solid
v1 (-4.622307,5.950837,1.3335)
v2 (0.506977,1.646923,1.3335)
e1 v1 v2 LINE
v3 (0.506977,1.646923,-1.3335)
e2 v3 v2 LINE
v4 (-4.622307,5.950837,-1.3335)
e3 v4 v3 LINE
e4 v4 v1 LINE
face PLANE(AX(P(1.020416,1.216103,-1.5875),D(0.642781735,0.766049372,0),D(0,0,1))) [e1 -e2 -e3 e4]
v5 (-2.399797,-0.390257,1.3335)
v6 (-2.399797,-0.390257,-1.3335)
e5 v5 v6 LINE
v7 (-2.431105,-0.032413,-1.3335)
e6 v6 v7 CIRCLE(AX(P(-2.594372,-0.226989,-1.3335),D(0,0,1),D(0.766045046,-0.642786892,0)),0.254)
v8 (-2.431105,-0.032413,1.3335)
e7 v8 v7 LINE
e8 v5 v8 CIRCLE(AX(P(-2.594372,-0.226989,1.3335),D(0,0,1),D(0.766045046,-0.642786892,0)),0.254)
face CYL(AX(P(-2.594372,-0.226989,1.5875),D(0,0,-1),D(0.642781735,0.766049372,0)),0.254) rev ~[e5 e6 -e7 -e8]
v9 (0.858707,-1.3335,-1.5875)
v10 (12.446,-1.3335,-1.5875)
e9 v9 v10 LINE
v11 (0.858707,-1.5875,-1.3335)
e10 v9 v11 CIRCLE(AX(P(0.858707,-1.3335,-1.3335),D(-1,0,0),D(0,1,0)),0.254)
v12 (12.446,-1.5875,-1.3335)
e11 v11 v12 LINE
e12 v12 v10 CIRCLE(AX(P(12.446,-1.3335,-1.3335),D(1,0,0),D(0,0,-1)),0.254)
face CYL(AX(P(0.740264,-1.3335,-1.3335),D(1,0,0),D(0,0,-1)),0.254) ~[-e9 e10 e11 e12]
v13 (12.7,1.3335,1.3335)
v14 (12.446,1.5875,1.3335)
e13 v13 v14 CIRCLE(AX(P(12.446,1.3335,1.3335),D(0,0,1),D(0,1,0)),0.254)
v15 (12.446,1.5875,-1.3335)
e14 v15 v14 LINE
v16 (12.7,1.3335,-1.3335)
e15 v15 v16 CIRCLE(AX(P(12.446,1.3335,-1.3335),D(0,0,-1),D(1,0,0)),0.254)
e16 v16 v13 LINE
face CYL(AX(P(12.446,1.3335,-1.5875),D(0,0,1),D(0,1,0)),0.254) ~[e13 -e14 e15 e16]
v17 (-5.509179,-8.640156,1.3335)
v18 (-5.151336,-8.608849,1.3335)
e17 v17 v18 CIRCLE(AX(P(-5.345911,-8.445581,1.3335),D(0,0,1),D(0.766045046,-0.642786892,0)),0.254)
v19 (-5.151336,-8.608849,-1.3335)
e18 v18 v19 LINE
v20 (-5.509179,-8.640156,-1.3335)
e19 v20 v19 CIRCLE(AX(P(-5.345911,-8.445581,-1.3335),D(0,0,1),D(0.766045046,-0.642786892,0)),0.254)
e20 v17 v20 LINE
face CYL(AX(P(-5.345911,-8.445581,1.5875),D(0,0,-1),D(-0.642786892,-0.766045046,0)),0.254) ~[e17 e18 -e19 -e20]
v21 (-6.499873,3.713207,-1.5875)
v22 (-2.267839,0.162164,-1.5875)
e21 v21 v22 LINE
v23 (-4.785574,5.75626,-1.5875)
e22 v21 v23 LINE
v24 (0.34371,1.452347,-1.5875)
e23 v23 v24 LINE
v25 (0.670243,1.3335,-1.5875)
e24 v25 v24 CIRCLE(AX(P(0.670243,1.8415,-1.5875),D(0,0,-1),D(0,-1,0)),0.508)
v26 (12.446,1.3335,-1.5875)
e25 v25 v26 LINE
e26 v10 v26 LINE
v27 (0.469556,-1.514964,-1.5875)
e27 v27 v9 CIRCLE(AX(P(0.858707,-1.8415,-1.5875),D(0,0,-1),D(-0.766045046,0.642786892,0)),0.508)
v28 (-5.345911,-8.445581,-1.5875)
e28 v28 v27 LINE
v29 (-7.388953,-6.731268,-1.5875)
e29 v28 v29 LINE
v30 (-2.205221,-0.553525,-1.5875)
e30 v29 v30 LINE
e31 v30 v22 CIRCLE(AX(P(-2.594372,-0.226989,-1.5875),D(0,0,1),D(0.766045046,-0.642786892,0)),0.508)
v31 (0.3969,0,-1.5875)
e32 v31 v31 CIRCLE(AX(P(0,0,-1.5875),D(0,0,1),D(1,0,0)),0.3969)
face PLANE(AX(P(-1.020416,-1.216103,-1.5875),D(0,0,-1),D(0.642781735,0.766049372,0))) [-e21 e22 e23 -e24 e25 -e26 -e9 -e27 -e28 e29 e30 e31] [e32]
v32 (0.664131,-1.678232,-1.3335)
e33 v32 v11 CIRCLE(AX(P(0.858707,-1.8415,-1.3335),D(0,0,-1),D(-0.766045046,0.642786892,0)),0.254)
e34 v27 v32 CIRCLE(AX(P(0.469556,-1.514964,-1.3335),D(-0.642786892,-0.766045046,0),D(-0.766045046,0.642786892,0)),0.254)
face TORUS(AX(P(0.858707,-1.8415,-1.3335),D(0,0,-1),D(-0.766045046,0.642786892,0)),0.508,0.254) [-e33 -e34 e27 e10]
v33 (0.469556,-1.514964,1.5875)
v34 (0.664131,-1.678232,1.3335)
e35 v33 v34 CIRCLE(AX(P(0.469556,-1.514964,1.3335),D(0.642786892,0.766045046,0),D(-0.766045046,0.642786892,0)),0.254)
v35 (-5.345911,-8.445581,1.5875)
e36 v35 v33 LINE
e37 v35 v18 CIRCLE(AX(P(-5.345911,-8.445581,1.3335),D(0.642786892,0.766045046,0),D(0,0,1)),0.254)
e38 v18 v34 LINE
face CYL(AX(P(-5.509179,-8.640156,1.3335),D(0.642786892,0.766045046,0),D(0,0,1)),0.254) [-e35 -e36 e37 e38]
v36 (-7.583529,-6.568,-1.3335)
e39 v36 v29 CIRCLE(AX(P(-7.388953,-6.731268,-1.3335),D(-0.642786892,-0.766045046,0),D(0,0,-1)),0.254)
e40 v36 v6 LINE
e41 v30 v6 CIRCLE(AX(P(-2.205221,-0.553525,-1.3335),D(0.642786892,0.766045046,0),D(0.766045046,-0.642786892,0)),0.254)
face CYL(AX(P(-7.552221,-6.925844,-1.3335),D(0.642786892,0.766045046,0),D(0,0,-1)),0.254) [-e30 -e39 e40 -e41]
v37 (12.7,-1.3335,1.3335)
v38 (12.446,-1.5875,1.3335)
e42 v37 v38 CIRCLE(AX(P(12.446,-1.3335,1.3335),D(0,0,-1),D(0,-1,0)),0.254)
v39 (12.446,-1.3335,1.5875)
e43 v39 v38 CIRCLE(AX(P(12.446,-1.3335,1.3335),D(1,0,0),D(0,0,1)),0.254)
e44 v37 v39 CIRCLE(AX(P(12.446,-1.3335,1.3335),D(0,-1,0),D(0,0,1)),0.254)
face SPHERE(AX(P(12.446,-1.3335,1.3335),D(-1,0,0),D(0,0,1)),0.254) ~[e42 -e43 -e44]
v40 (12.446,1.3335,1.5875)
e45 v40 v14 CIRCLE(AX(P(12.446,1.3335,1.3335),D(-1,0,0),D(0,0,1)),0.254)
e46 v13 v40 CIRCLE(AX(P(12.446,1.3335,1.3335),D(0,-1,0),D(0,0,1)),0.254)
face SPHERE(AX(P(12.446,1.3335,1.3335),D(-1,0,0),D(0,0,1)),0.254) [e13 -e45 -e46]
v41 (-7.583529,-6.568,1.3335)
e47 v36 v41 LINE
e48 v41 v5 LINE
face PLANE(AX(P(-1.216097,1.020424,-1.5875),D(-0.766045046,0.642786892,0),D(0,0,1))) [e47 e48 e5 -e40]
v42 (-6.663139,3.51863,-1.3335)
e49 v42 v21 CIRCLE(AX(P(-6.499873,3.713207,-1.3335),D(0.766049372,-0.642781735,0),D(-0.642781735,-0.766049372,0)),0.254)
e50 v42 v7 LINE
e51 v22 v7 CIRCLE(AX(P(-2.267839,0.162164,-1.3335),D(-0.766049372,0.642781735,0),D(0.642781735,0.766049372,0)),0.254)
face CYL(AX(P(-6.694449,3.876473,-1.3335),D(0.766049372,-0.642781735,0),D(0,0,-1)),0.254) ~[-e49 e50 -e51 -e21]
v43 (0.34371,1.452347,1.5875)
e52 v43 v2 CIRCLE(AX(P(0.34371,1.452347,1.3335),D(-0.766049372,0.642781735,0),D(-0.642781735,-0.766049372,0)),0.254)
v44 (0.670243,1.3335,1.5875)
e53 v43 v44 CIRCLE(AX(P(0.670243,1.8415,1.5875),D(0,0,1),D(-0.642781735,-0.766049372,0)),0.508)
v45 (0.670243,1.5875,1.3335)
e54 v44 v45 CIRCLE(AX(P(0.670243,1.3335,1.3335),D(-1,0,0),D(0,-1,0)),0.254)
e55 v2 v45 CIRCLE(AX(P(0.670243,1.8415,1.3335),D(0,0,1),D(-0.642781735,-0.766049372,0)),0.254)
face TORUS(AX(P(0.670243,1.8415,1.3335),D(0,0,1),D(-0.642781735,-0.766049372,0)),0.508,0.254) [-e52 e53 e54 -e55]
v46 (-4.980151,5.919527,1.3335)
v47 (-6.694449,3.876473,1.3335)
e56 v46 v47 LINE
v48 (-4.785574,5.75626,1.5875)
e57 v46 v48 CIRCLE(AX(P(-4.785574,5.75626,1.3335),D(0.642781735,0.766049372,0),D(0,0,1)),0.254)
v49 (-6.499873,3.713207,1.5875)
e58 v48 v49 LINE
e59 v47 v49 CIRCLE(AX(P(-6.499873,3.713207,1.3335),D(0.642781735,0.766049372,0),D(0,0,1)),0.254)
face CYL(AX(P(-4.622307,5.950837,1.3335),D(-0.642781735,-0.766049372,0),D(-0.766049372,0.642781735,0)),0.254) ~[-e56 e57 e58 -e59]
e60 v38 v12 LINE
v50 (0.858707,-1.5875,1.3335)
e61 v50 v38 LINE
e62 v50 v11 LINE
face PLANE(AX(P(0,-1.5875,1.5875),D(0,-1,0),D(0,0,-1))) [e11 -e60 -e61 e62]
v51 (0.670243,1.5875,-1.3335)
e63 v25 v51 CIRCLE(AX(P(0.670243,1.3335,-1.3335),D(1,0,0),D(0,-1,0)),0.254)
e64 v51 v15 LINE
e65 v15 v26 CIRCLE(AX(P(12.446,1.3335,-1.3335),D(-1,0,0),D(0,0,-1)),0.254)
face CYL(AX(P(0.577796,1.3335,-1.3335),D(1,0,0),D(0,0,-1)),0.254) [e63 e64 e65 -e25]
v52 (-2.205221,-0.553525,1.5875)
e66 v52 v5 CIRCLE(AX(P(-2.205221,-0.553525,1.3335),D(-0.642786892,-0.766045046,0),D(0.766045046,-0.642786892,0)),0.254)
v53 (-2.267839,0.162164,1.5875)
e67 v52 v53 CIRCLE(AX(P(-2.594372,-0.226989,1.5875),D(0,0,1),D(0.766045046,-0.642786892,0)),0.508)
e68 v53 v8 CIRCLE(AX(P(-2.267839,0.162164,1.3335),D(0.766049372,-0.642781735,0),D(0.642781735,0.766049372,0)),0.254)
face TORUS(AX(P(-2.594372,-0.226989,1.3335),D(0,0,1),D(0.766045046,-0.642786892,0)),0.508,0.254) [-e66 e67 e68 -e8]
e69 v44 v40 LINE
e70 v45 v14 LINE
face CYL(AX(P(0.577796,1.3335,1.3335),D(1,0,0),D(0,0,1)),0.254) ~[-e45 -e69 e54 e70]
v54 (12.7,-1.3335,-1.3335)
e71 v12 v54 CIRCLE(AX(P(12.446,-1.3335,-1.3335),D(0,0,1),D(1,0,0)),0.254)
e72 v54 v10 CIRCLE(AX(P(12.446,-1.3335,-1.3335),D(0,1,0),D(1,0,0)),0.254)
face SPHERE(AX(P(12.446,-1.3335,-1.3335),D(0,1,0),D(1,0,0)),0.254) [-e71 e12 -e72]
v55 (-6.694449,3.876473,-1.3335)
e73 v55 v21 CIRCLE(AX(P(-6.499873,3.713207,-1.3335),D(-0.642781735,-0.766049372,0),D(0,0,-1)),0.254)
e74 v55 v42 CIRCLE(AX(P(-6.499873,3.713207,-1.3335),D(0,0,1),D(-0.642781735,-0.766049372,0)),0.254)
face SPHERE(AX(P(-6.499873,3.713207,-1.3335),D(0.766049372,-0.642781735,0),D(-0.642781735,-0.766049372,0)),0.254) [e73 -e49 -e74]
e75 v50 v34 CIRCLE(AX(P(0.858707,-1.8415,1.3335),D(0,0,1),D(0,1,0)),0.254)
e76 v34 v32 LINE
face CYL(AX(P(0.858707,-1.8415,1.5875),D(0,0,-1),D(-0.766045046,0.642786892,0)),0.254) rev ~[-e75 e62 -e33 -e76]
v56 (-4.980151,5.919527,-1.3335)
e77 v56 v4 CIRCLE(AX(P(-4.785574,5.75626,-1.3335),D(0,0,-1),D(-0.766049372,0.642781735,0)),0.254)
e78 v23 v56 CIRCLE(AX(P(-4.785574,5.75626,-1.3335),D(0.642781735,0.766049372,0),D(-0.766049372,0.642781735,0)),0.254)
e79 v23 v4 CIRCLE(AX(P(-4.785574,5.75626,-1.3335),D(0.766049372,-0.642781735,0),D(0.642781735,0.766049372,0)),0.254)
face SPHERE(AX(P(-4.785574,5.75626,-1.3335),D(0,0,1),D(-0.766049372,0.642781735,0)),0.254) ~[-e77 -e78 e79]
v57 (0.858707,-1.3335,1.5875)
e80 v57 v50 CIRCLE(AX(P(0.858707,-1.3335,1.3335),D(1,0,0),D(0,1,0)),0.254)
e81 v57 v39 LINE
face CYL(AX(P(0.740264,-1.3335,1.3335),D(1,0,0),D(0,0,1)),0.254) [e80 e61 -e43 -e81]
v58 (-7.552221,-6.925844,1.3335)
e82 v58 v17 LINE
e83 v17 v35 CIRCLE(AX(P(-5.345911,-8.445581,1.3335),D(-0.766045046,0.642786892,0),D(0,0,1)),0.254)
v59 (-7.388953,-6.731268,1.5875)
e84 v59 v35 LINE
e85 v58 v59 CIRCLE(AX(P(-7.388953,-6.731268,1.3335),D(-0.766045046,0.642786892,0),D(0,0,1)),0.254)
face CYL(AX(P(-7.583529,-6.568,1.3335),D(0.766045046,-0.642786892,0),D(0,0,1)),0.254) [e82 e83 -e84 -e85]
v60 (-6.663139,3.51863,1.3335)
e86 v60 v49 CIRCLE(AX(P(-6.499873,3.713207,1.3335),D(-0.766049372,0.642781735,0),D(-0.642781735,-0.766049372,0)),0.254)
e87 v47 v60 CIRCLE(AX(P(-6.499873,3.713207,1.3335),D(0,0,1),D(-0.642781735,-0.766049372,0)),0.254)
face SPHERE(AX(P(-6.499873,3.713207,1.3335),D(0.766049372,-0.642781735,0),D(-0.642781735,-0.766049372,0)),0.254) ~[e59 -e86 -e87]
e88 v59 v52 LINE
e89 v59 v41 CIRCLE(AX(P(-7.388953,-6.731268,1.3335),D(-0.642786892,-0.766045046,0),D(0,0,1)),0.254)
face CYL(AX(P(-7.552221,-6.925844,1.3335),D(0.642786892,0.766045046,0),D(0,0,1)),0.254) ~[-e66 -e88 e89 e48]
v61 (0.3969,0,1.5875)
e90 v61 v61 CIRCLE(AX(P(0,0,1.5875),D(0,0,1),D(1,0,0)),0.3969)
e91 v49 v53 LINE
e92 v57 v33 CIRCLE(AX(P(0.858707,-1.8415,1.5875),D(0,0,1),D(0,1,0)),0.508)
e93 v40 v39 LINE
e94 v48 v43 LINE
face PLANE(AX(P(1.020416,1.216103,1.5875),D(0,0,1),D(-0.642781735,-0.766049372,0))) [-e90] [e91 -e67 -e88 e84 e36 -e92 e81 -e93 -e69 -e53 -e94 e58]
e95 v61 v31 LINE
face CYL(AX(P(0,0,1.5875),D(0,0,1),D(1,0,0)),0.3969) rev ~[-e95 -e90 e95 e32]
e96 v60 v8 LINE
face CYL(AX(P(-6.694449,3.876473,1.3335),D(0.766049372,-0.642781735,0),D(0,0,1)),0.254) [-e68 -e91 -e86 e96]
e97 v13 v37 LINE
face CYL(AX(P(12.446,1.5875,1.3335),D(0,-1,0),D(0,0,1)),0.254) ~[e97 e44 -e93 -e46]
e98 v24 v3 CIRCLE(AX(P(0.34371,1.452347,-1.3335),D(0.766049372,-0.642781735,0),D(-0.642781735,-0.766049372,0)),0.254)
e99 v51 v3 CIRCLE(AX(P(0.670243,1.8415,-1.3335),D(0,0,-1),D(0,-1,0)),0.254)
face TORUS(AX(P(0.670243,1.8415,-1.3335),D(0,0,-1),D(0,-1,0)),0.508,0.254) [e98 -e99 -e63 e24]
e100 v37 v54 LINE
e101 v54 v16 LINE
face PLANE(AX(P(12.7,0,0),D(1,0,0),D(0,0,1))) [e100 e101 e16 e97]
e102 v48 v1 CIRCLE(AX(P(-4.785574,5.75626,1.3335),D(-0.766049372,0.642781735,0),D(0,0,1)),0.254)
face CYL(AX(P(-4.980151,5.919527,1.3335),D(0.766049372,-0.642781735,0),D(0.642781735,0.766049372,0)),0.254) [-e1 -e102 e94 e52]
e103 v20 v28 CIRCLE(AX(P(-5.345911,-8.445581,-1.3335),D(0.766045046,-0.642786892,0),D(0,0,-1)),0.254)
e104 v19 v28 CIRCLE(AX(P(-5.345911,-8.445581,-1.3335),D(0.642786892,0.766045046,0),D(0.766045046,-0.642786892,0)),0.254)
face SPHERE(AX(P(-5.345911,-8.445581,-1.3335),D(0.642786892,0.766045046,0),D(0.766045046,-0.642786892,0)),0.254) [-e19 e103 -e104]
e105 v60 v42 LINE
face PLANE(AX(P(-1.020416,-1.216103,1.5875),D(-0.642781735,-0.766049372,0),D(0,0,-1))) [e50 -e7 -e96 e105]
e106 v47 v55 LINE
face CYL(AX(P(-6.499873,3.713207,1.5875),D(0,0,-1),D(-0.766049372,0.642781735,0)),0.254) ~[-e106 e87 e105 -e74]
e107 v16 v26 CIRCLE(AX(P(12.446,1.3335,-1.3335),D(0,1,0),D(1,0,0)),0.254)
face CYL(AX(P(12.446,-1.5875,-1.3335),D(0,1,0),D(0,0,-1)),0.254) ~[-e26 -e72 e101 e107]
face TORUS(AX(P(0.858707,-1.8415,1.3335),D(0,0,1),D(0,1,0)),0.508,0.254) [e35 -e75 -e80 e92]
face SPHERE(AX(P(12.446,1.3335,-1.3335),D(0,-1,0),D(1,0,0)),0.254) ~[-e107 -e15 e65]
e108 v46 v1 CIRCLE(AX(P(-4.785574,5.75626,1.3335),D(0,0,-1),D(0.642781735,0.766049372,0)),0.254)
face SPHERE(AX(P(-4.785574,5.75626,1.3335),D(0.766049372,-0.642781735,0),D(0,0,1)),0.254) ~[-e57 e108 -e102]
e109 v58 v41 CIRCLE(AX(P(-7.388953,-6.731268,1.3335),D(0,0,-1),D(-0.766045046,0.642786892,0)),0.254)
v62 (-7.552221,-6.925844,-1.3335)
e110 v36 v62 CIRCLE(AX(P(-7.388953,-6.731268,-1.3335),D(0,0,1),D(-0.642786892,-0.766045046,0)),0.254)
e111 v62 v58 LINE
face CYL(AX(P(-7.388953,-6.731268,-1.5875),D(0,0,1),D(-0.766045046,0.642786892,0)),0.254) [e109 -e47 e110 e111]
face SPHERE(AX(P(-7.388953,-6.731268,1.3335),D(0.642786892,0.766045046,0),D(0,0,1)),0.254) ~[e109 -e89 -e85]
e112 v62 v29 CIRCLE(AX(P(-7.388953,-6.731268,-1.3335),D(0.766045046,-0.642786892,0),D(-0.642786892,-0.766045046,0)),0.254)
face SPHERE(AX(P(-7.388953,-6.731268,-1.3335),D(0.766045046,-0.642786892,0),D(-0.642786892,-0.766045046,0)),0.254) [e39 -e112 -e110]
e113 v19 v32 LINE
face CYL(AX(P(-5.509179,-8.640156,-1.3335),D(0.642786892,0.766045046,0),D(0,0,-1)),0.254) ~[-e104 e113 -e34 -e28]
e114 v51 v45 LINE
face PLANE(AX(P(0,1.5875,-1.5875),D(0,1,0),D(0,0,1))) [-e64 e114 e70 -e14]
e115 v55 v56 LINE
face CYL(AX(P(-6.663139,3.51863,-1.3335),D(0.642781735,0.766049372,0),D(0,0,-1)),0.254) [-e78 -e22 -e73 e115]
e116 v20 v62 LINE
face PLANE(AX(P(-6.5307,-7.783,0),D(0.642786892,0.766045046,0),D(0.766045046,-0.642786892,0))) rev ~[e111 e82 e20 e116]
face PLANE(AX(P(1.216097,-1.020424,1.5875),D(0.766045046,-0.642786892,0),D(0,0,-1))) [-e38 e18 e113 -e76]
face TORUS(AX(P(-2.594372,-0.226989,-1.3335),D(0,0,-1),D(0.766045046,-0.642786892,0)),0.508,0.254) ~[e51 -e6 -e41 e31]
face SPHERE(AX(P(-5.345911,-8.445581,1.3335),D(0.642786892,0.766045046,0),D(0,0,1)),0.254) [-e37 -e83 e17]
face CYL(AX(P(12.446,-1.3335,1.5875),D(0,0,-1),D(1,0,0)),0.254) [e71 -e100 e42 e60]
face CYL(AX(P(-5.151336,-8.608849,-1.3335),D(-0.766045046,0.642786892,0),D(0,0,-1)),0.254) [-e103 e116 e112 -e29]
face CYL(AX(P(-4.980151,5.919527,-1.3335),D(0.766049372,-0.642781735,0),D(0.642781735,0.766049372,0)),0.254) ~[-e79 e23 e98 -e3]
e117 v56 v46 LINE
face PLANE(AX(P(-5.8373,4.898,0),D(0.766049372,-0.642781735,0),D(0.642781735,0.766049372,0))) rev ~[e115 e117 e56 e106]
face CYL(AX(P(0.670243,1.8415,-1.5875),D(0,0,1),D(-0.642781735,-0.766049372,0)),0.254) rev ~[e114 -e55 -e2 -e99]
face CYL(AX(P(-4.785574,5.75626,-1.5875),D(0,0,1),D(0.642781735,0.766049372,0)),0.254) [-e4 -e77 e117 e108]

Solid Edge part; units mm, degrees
sketch "Sketch1" plane through (0, 0, 0) normal (0, 0, 1) x (1, 0, 0)
  line L0 (0, 0) -> (12.7, 0)
  line L1 (0, 0) -> (-5.8373, 4.898)
  dimension "D1" = 12.7
  dimension "D2" = 7.62
  dimension "D3" = 10.16
sketch "Sketch2" plane through (12.7, 0, 0) normal (1, 0, 0) x (0, 1, 0)
  line L0 (1.5875, -1.5875) -> (1.5875, 1.5875)
  line L1 (1.5875, 1.5875) -> (-1.5875, 1.5875)
  line L2 (-1.5875, 1.5875) -> (-1.5875, -1.5875)
  line L3 (-1.5875, -1.5875) -> (1.5875, -1.5875)
  dimension "D1" = 3.175
  dimension "D2" = 3.175
sweep "SweptProtrusion_1" add profiles "Sketch2" path "Sketch1"
sketch "Sketch3" plane through (0, 0, 0) normal (0, 0, 1) x (1, 0, 0)
  line L0 (0, 0) -> (12.7, 0)
  line L1 (0, 0) -> (-6.5307, -7.783)
  dimension "D1" = 12.7
  dimension "D2" = 7.62
  dimension "D3" = 10.16
sketch "Sketch4" plane through (12.7, 0, 0) normal (1, 0, 0) x (0, 1, 0)
  line L0 (-1.5875, -1.5875) -> (1.5875, -1.5875)
  line L1 (1.5875, -1.5875) -> (1.5875, 1.5875)
  line L2 (1.5875, 1.5875) -> (-1.5875, 1.5875)
  line L3 (-1.5875, 1.5875) -> (-1.5875, -1.5875)
  dimension "D1" = 3.175
  dimension "D2" = 3.175
sweep "SweptProtrusion_2" add profiles "Sketch4" path "Sketch3"
sketch "Sketch5" plane through (-2.2223, 2.052, 1.5875) normal (0, 0, 1) x (1, 0, 0)
  circle A0 centre (2.2223, -2.052) radius 0.3969
extrude "Cutout1" cut sketch "Sketch5" against normal up to next
fillet "Round_1" radius 0.254 27 edges at (6.7201, -1.5875, 1.5875) (-2.2872, -5.1955, 1.5875) (-4.9917, -3.4791, 1.5875) (-4.5471, 1.7431, 1.5875) (-2.1195, 3.8508, 1.5875) (6.6389, 1.5875, 1.5875) (12.7, 0, 1.5875) (12.7, 0, -1.5875) (12.7, -1.5875, 0) (12.7, 1.5875, 0) (6.7201, -1.5875, -1.5875) (0.7403, -1.5875, 0) (-2.2872, -5.1955, -1.5875) (-6.5307, -7.783, 1.5875) (-5.3146, -8.8034, 0) (-6.5307, -7.783, -1.5875) (-7.7468, -6.7626, 0) (-2.2365, -0.1957, 0) (-4.9917, -3.4791, -1.5875) (-4.5471, 1.7431, -1.5875) (-6.8577, 3.6819, 0) (-5.8373, 4.898, 1.5875) (-4.8168, 6.1141, 0) (-5.8373, 4.898, -1.5875) (0.5778, 1.5875, 0) (6.6389, 1.5875, -1.5875) (-2.1195, 3.8508, -1.5875)
